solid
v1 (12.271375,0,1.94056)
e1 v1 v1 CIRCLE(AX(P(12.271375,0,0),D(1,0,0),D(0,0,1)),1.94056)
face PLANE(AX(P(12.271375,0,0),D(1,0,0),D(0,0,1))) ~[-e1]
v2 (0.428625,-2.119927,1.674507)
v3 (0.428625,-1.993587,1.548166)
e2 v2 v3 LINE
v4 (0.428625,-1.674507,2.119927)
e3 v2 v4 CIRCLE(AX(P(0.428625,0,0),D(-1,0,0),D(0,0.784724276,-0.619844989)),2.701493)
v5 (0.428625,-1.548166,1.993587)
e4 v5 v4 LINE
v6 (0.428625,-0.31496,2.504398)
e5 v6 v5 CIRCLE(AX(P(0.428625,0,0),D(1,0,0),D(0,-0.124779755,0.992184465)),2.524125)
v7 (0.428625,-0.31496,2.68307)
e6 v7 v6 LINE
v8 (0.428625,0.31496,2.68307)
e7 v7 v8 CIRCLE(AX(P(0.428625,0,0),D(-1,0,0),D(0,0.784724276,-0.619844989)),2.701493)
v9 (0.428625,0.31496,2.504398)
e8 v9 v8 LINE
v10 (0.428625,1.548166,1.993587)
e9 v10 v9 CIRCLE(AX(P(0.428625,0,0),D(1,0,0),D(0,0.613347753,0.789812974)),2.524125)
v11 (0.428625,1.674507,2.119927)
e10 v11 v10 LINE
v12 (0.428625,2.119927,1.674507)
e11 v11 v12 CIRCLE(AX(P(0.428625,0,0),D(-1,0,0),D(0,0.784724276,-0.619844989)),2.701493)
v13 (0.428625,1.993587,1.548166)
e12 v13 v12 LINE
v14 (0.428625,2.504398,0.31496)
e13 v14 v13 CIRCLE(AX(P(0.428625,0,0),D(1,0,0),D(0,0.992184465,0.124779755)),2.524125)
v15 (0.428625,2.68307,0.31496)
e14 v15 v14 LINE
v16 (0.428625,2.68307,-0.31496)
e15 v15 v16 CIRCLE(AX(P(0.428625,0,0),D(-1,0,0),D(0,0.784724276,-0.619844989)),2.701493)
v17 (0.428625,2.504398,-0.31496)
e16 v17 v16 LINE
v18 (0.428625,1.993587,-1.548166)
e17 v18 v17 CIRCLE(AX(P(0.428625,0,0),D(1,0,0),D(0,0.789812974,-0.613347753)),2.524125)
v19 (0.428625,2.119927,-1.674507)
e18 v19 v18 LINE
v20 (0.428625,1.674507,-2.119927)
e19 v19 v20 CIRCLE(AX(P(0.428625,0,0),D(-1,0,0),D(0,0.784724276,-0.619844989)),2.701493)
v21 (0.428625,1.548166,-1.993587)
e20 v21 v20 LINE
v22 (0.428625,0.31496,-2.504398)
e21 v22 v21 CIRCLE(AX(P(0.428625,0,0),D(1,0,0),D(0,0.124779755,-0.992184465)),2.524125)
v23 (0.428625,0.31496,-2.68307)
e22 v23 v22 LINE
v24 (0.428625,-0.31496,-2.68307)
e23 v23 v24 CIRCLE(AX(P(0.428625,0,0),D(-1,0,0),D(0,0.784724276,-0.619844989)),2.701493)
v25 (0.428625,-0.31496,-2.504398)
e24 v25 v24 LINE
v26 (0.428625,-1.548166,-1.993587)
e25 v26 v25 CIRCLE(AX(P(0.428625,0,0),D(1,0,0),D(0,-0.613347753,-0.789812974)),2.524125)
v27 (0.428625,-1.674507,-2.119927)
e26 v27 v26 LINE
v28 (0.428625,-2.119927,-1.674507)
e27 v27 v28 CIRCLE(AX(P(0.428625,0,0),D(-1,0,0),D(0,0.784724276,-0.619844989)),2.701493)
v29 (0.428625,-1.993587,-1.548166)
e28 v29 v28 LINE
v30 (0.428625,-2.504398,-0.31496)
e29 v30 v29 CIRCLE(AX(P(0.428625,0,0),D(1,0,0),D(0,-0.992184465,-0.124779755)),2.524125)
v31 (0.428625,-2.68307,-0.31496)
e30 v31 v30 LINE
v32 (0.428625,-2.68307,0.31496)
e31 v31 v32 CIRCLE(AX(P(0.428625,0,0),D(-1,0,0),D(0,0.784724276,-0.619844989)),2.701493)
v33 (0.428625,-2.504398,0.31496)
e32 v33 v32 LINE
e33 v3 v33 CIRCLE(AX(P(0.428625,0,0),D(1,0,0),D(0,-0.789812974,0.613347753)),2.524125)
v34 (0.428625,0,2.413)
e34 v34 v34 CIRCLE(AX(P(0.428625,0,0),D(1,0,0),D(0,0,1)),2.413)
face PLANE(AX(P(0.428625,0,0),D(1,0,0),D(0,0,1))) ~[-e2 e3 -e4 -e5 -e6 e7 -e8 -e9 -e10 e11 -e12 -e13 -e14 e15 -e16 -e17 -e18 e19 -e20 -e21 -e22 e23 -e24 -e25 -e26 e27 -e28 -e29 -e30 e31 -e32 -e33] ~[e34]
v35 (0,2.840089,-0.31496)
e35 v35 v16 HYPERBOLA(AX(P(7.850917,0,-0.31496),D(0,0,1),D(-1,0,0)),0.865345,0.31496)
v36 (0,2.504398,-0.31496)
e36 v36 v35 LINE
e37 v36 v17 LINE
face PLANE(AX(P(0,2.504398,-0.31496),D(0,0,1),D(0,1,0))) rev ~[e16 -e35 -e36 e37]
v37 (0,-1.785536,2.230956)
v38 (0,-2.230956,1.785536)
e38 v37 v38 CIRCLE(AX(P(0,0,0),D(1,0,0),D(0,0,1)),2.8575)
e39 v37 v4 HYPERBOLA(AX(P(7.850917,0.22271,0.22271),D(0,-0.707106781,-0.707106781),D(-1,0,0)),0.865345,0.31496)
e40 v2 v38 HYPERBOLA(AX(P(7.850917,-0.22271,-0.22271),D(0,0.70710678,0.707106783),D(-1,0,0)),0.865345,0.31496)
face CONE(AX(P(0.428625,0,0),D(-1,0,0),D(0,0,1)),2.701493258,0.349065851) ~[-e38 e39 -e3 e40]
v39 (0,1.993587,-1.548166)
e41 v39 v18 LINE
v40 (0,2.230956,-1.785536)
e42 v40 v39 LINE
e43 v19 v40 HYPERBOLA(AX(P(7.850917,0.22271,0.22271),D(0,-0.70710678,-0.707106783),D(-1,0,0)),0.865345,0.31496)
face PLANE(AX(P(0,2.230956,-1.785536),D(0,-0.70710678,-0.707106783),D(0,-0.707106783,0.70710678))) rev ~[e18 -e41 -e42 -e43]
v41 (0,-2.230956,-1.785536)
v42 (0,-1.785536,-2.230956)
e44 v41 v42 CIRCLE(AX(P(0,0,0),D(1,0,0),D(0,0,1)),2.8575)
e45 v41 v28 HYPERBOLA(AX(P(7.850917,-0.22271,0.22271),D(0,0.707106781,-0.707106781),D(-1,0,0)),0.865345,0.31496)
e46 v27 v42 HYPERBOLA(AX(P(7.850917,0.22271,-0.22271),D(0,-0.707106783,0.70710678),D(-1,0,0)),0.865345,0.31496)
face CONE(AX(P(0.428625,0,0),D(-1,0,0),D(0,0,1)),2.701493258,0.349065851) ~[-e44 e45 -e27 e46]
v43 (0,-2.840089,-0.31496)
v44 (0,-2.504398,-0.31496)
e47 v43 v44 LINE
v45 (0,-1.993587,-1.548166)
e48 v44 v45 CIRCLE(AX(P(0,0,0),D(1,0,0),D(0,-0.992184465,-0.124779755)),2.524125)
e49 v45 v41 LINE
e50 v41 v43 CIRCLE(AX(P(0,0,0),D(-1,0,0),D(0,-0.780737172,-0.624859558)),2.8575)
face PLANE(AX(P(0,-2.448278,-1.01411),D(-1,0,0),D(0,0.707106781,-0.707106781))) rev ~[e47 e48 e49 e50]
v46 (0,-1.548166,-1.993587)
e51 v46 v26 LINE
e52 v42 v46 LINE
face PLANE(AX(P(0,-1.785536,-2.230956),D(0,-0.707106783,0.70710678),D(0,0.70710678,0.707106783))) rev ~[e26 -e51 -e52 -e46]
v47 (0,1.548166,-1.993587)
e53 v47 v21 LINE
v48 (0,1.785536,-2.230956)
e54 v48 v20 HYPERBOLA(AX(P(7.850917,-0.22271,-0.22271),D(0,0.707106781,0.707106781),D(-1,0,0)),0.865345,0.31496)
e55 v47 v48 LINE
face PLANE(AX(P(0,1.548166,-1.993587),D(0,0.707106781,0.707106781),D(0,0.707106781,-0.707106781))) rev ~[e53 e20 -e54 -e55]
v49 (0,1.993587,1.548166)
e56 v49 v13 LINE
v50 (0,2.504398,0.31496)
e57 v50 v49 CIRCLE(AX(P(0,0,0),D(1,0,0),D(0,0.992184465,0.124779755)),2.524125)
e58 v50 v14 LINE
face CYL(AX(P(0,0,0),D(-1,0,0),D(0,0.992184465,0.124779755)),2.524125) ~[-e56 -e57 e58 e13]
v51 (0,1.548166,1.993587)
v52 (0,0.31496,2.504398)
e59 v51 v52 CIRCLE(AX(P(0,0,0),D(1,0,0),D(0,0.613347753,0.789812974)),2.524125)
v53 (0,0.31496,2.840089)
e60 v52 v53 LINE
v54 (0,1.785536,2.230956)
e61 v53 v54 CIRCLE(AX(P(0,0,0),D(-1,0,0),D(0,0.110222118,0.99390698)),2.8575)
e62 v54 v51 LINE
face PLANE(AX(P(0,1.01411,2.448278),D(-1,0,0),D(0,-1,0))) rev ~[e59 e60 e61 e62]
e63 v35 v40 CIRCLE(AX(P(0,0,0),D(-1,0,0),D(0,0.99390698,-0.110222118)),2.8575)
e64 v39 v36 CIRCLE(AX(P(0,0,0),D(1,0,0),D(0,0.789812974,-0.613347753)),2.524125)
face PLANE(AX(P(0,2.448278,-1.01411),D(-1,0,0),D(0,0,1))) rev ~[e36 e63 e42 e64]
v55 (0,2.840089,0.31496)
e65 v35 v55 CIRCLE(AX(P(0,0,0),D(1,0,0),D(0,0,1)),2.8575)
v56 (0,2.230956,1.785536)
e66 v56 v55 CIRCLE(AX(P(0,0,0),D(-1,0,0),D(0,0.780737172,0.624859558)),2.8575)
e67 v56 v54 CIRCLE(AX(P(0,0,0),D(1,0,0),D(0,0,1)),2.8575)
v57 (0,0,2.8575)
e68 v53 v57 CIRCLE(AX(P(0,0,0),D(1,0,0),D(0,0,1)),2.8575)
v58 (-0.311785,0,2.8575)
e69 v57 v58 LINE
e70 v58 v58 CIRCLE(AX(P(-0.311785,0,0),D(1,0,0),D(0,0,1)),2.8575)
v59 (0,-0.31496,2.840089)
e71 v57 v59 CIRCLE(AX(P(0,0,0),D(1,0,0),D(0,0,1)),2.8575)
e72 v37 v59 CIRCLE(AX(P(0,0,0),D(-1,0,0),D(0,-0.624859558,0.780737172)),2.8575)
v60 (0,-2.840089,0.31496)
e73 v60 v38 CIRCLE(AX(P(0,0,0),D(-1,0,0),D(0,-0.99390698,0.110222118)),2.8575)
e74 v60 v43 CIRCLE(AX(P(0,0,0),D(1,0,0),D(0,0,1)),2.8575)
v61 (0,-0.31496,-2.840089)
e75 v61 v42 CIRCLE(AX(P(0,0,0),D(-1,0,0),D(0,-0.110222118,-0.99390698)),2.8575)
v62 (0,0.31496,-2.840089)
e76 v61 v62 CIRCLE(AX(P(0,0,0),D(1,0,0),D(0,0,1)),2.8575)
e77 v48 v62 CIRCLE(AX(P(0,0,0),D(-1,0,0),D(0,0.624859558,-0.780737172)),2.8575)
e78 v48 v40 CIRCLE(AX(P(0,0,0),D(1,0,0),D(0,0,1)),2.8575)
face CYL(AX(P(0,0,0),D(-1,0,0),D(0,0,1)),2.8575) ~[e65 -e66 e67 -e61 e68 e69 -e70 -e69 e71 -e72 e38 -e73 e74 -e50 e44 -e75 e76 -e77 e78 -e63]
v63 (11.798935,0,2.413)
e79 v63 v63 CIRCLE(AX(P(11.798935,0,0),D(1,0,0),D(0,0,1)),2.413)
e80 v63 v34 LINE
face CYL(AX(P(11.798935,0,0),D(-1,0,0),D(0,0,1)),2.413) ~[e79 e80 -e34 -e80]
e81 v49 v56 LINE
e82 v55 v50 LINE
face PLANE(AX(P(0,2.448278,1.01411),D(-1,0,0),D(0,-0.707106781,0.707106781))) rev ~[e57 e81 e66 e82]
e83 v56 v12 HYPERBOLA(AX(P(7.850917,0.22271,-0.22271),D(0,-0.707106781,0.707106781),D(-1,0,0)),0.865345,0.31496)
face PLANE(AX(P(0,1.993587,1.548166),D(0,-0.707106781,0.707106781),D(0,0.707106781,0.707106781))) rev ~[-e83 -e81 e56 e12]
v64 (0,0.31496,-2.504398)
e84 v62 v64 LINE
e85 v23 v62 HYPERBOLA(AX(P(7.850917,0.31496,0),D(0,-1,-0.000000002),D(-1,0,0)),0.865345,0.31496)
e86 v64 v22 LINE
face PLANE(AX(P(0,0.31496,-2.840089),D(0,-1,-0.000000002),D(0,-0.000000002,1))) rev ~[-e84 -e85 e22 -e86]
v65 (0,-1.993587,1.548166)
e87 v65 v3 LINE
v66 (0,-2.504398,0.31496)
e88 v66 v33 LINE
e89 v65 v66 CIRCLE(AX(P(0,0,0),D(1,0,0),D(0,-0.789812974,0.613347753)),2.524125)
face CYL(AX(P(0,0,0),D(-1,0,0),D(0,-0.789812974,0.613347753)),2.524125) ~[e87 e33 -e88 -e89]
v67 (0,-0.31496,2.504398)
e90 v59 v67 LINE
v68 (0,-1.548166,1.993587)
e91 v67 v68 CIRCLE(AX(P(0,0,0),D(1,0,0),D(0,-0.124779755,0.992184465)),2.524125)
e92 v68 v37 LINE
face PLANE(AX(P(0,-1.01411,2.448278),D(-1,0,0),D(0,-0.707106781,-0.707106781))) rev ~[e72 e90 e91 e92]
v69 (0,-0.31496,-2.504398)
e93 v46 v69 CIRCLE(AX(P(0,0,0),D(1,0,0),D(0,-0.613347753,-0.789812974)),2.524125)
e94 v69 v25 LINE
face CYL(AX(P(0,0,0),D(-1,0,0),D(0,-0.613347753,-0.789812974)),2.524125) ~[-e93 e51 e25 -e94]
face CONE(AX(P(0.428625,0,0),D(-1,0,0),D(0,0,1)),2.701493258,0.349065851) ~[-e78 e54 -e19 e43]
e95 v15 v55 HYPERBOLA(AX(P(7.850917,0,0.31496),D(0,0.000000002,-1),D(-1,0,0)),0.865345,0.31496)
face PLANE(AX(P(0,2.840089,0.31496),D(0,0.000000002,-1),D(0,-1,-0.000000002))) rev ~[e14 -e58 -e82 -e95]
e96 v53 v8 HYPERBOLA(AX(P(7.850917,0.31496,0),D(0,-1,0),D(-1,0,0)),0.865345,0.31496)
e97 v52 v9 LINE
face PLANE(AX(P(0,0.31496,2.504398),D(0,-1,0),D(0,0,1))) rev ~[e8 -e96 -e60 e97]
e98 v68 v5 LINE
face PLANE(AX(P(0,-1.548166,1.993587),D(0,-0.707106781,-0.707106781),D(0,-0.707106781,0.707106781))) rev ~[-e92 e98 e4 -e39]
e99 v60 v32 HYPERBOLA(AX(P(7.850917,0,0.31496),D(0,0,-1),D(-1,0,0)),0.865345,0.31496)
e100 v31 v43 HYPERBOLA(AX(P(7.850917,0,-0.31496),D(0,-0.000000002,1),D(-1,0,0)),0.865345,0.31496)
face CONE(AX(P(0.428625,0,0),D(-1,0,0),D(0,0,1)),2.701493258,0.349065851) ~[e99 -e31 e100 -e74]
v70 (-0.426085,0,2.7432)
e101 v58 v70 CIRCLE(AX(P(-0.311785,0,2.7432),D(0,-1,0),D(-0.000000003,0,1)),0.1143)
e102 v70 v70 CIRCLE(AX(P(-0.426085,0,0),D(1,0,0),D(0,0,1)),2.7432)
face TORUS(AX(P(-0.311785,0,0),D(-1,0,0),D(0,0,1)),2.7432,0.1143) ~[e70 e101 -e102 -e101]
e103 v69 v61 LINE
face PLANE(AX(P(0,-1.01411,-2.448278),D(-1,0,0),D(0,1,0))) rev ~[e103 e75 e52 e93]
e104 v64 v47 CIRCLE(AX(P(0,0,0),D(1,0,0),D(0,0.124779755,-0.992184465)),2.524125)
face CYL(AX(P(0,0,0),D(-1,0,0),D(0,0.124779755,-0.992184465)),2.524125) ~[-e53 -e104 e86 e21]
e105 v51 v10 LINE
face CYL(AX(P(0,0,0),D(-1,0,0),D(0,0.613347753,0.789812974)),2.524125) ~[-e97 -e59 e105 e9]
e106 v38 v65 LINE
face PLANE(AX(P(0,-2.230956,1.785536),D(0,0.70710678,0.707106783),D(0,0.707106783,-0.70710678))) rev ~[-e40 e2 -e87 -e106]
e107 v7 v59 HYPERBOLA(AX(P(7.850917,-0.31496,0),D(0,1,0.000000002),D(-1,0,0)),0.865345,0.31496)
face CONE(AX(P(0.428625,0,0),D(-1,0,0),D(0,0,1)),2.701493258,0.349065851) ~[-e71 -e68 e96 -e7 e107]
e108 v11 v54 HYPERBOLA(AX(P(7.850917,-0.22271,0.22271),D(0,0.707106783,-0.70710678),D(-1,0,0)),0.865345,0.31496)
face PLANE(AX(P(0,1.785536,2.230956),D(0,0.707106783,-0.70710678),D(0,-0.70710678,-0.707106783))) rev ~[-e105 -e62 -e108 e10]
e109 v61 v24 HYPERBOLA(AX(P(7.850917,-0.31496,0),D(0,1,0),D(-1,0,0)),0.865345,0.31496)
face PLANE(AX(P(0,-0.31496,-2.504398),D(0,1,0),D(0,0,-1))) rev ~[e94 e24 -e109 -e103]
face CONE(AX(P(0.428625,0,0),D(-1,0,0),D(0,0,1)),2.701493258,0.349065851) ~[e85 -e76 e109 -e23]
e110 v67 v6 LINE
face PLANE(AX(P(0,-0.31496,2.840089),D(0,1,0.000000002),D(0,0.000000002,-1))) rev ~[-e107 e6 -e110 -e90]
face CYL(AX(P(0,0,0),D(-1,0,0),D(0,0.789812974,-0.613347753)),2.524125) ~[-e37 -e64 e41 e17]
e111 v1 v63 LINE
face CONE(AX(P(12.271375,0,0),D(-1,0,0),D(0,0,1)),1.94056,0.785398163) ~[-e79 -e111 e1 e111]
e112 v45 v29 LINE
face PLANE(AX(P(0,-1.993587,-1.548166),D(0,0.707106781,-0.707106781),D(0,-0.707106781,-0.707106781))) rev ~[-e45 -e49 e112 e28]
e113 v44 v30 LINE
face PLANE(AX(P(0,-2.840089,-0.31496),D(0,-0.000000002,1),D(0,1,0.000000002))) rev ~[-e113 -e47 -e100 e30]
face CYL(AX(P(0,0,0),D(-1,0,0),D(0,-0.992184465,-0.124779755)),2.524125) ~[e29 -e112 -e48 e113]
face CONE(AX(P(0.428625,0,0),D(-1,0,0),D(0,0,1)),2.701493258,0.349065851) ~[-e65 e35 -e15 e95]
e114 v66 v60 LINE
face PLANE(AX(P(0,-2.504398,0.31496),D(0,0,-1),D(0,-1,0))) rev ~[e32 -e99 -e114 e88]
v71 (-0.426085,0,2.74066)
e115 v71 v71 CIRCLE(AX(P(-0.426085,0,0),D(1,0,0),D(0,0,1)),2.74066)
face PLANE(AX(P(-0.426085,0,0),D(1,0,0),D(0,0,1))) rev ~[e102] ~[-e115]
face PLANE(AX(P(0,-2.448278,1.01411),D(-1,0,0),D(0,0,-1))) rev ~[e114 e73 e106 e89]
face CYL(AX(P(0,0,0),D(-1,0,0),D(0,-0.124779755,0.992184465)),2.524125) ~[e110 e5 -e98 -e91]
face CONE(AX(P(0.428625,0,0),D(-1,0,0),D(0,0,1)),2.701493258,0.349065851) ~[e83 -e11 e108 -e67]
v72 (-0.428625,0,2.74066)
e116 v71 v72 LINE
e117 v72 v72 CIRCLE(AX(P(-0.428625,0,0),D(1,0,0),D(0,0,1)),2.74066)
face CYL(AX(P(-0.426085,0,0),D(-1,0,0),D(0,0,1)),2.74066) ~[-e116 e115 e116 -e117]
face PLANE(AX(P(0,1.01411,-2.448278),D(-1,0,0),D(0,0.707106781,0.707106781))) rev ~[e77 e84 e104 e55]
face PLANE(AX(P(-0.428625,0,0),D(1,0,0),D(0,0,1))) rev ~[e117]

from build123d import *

# Parameters (mm, degrees)
RIBCUT_START     = -0.428625
RIBCUT_DEPTH     = 0.428625
RIBCUTSPAT_COUNT = 8
RIBCUTSPAT_ANGLE = 315


with BuildPart() as part:
    # BodySke → BaseBody (revolve)
    with BuildSketch(Plane.XY, mode=Mode.PRIVATE) as basebody_sk:
        with BuildLine():
            Line((-0.428625, 2.74066), (-0.428625, 0))
            Line((-0.428625, 0), (12.271375, 0))
            Line((12.271375, 0), (12.271375, 1.94056))
            Line((12.271375, 1.94056), (11.798935, 2.413))
            Line((11.798935, 2.413), (0.428625, 2.413))
            Line((0.428625, 2.413), (0.428625, 2.701493258))
            Line((0.428625, 2.701493258), (0, 2.8575))
            Line((0, 2.8575), (-0.311785, 2.8575))
            ThreePointArc((-0.311785, 2.8575), (-0.392607305, 2.824022305), (-0.426085, 2.7432))
            Line((-0.426085, 2.7432), (-0.426085, 2.74066))
            Line((-0.426085, 2.74066), (-0.428625, 2.74066))
        make_face()
    revolve(basebody_sk.sketch.rotate(Axis((0, 0, 0), (1, 0, 0)), 90), axis=Axis((0, 0, 0), (1, 0, 0)))

    # RibCutSke → RibCut (cut)
    with BuildSketch(Plane(origin=(0.428625, 1.794401132, -0.090952894), x_dir=(0, 0, -1), z_dir=(1, 0, 0)).offset(RIBCUT_START)):
        with BuildLine():
            Line((0.224006808, 0.70999648), (0.224006808, 1.045688063))
            ThreePointArc((0.224006808, 1.045688063), (1.002565014, 0.845584632), (1.694583294, 0.436555338))
            Line((1.694583294, 0.436555338), (1.4572135, 0.199185543))
            ThreePointArc((1.4572135, 0.199185543), (0.874987925, 0.537586293), (0.224006808, 0.70999648))
        make_face()
    ribcut = extrude(amount=RIBCUT_DEPTH, mode=Mode.SUBTRACT)

    # RibCutsPat: RibCut ×8 about axis
    ribcutspat_axis = Axis((0, 0, 0), (1, 0, 0))
    for i in range(1, RIBCUTSPAT_COUNT):
        add(ribcut.rotate(ribcutspat_axis, i * RIBCUTSPAT_ANGLE / (RIBCUTSPAT_COUNT - 1)), mode=Mode.SUBTRACT)


solid = part.part
